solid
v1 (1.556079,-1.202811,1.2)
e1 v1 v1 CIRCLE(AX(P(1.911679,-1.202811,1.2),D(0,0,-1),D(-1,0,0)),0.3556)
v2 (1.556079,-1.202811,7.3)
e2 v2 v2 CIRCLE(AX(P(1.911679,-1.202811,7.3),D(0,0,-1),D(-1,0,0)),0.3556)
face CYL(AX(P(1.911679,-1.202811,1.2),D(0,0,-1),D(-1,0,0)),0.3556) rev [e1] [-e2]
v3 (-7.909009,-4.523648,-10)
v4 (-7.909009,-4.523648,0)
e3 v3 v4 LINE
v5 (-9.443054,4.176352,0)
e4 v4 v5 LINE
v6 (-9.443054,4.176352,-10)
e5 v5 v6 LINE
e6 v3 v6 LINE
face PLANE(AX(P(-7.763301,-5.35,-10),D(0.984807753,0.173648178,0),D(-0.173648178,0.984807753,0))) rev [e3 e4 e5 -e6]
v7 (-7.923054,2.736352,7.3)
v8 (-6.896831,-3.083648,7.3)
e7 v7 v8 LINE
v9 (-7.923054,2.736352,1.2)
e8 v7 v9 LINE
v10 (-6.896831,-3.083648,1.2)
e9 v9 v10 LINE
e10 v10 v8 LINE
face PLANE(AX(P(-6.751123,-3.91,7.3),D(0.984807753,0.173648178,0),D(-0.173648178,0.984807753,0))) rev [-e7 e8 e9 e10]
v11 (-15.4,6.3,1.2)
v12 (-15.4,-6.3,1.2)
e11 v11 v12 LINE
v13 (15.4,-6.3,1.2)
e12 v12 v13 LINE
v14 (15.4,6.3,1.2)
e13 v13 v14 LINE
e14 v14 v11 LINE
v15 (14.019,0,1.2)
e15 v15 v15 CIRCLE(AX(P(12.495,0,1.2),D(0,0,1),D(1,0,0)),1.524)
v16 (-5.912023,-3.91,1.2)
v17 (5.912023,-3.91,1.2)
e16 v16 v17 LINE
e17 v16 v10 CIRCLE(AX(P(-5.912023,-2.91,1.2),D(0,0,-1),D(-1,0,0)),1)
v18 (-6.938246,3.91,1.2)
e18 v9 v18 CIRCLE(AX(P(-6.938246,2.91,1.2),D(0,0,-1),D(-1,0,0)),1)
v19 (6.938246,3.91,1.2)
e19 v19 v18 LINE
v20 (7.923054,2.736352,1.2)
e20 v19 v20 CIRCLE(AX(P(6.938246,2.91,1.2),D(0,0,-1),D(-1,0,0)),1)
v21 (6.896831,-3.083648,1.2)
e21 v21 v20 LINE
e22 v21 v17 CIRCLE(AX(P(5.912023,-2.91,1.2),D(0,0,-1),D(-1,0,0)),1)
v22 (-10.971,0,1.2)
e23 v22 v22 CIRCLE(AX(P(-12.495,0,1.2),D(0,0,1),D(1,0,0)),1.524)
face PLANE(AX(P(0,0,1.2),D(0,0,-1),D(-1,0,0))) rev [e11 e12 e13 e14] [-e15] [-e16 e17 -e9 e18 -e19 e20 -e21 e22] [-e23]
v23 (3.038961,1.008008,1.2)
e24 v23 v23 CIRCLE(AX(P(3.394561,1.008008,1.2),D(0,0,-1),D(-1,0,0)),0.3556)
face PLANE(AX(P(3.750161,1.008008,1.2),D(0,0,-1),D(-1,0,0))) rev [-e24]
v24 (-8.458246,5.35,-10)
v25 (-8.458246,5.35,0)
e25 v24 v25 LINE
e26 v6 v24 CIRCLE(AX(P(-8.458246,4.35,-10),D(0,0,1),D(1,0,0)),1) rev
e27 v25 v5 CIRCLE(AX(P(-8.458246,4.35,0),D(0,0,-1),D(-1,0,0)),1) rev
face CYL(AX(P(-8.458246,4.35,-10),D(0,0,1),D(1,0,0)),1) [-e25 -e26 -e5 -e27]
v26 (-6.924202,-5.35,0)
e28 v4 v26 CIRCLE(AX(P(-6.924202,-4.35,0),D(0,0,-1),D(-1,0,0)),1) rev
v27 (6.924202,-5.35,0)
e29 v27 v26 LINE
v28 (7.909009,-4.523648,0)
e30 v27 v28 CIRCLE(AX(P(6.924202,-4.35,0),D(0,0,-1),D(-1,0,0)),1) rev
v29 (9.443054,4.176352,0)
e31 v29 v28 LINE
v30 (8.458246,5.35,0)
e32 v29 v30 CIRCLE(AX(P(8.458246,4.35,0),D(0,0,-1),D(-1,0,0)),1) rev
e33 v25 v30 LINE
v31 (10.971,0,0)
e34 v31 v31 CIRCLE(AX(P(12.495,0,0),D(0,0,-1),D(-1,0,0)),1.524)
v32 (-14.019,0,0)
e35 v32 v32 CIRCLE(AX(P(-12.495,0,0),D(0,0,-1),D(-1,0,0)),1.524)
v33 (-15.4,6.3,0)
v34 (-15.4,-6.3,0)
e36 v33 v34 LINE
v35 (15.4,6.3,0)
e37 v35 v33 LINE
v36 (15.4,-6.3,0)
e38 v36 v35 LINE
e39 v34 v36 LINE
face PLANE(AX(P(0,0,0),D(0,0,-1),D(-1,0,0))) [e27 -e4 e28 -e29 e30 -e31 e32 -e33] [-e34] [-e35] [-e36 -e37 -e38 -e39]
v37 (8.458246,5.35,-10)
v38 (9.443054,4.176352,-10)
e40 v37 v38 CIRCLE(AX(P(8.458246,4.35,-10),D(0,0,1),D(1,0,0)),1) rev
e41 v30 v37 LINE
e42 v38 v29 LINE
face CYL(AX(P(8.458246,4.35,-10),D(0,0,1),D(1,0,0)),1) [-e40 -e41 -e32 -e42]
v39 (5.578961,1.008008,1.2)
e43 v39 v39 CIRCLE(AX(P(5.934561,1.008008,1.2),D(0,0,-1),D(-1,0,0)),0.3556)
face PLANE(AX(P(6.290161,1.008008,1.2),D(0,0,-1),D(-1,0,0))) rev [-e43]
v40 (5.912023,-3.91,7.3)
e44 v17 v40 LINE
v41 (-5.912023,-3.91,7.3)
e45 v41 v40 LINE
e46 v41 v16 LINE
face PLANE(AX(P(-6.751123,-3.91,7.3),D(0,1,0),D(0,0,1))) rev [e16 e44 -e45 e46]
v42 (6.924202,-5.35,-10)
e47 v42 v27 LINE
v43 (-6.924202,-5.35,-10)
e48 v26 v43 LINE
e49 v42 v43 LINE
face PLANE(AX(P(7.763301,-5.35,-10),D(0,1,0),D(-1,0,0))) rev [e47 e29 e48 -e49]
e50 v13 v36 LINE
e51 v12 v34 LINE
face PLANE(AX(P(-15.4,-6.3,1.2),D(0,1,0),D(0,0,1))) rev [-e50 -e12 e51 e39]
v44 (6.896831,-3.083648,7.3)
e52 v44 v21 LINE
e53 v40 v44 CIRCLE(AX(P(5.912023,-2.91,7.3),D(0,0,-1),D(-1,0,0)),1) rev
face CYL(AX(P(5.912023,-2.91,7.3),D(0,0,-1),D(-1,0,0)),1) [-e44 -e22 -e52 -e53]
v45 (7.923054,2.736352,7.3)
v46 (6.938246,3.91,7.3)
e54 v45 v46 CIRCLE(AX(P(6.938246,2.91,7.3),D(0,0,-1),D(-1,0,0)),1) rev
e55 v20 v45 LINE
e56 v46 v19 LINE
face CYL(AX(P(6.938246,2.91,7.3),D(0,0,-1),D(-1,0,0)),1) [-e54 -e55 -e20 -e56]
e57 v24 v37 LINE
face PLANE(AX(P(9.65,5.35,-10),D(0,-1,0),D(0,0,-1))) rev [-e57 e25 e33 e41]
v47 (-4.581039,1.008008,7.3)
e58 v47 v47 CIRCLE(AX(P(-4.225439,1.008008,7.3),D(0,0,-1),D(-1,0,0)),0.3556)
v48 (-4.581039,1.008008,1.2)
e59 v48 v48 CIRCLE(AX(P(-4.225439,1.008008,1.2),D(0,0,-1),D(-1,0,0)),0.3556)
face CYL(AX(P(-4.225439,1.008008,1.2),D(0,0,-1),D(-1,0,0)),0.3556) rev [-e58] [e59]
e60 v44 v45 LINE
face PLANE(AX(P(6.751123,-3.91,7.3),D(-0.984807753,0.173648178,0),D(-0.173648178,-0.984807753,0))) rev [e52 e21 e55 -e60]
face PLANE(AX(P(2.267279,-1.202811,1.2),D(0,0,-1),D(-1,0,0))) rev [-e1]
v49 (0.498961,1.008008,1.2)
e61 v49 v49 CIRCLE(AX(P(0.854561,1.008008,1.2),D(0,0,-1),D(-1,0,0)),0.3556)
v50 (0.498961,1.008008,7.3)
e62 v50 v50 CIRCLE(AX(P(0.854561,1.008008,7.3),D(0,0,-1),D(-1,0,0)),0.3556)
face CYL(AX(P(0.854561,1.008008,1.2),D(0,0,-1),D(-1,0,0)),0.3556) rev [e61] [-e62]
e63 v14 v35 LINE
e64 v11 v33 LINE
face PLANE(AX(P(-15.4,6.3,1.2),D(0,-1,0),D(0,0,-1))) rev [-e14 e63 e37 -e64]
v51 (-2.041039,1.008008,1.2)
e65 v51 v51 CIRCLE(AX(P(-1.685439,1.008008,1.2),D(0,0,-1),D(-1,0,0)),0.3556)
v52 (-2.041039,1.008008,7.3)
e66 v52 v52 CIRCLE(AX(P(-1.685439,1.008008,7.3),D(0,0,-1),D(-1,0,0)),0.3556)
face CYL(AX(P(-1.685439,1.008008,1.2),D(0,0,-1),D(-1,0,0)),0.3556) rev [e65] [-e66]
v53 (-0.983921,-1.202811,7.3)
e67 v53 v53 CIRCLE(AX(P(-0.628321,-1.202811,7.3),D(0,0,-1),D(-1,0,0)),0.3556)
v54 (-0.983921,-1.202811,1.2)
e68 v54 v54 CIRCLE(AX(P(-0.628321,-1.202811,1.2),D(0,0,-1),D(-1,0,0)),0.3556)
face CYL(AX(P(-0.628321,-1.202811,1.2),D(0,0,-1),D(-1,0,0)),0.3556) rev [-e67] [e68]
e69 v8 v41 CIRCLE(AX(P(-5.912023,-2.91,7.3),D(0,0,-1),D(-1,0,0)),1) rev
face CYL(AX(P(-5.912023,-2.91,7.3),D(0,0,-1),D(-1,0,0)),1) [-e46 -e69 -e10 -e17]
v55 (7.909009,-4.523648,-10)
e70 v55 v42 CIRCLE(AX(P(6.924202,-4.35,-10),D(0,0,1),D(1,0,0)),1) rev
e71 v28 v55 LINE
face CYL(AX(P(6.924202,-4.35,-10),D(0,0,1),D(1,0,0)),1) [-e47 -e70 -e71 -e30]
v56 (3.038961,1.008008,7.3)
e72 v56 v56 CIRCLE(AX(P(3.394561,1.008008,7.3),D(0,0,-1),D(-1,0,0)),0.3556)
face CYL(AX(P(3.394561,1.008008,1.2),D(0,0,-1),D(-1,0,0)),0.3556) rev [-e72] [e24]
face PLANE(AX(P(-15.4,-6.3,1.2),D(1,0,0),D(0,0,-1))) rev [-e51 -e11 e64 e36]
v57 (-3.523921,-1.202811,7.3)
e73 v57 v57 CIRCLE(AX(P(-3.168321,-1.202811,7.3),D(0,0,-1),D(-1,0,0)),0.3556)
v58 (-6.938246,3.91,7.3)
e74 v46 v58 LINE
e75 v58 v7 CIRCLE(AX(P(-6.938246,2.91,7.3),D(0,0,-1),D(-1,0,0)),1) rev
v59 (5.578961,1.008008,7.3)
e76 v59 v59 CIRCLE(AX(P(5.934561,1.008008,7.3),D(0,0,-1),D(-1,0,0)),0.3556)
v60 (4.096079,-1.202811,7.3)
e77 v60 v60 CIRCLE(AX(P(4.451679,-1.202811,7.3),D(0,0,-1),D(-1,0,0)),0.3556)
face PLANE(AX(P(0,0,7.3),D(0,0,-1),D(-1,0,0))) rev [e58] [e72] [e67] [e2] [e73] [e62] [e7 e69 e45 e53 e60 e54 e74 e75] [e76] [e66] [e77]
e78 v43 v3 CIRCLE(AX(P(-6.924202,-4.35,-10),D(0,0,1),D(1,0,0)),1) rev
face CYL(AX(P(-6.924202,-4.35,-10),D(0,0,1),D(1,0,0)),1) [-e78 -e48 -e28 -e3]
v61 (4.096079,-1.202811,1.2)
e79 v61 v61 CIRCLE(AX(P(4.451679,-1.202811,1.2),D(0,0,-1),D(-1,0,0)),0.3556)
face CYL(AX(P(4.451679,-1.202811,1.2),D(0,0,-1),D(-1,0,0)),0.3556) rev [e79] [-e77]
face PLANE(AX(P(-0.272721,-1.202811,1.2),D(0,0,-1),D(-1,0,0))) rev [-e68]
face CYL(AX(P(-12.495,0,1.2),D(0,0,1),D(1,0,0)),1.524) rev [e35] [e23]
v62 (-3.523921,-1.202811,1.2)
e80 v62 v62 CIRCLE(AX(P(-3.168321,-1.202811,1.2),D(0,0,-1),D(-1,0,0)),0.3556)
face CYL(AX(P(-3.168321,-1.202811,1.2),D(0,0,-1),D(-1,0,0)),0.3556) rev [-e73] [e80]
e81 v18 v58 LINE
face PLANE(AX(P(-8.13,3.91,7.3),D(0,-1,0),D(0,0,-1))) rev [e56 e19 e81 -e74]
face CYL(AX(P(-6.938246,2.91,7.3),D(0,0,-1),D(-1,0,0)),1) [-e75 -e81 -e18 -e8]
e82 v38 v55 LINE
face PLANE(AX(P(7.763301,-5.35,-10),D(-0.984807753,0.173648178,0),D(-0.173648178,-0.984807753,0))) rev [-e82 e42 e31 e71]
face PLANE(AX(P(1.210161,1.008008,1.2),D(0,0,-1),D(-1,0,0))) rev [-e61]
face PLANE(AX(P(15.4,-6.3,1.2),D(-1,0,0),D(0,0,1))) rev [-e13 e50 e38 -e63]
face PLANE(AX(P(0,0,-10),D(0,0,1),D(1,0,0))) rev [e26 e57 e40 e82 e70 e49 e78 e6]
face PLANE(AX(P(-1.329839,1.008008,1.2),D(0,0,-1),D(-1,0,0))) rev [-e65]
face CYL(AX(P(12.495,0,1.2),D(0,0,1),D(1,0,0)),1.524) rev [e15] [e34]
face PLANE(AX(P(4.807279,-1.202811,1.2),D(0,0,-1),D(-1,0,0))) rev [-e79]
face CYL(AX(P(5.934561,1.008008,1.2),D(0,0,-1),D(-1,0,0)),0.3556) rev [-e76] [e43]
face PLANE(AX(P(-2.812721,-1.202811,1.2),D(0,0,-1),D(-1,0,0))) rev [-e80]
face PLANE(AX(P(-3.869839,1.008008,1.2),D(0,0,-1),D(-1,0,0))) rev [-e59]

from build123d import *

# Parameters (mm, degrees)
SKETCH_1_W             = 30.8
SKETCH_1_H             = 12.6
EXTRUDE_1_DEPTH        = 1.2
EXTRUDE_2_DEPTH        = 6.1
EXTRUDE_3_DEPTH        = 10
SKETCH_5_W             = 0.3556
SKETCH_5_H             = 6.1
SKETCH_6_W             = 0.3556
SKETCH_6_H             = 6.1
PATTERN_LINEAR_1_COUNT = 5
PATTERN_LINEAR_1_PITCH = 2.54
PATTERN_LINEAR_2_COUNT = 4
PATTERN_LINEAR_2_PITCH = 2.54
HOLE_WIZARD_3_2_D      = 3.048
FILLET_1_R             = 1


with BuildPart() as part:
    # ｽｹｯﾁ1 → ﾎﾞｽ - 押し出し1 (new body)
    with BuildSketch(Plane.XY):
        Rectangle(SKETCH_1_W, SKETCH_1_H)
    extrude(amount=EXTRUDE_1_DEPTH)

    # ｽｹｯﾁ2 → ﾎﾞｽ - 押し出し2 (add)
    with BuildSketch(Plane.XY.offset(1.2)):
        Polygon((-6.751123011, -3.91), (6.751123011, -3.91), (8.13, 3.91), (-8.13, 3.91), align=None)
    extrude(amount=EXTRUDE_2_DEPTH)

    # ｽｹｯﾁ3 → ﾎﾞｽ - 押し出し3 (add)
    with BuildSketch(Plane(origin=(0, 0, 0), x_dir=(-1, 0, 0), z_dir=(0, 0, -1))):
        Polygon((-7.763301306, -5.35), (7.763301306, -5.35), (9.65, 5.35), (-9.65, 5.35), align=None)
    extrude(amount=EXTRUDE_3_DEPTH)

    # ｽｹｯﾁ5 → #0000 すきま穴1 (revolve, cut)
    with BuildSketch(Plane(origin=(-4.225439316, 1.008007938, 1.2), x_dir=(0, 1, 0), z_dir=(1, 0, 0))):
        with Locations((0.1778, 3.05)):
            Rectangle(SKETCH_5_W, SKETCH_5_H)
    hole_wizard_0000_1 = revolve(axis=Axis((-4.225439316, 1.008007938, -5.15), (0, 0, 1)), mode=Mode.SUBTRACT)

    # ｽｹｯﾁ6 → #0000 すきま穴2 (revolve, cut)
    with BuildSketch(Plane(origin=(-3.168321124, -1.202810505, 1.2), x_dir=(0, 1, 0), z_dir=(1, 0, 0))):
        with Locations((0.1778, 3.05)):
            Rectangle(SKETCH_6_W, SKETCH_6_H)
    hole_wizard_0000_2 = revolve(axis=Axis((-3.168321124, -1.202810505, -5.15), (0, 0, 1)), mode=Mode.SUBTRACT)

    # 直線ﾊﾟﾀｰﾝ1: #0000 すきま穴1 ×5
    with Locations(*[(i * PATTERN_LINEAR_1_PITCH, 0, 0) for i in range(1, PATTERN_LINEAR_1_COUNT)]):
        add(hole_wizard_0000_1, mode=Mode.SUBTRACT)

    # 直線ﾊﾟﾀｰﾝ2: #0000 すきま穴2 ×4
    with Locations(*[(i * PATTERN_LINEAR_2_PITCH, 0, 0) for i in range(1, PATTERN_LINEAR_2_COUNT)]):
        add(hole_wizard_0000_2, mode=Mode.SUBTRACT)

    # #3 すきま穴2 (through all)
    with Locations(Plane(origin=(-12.495, 0, 1.2), x_dir=(1, 0, 0), z_dir=(0, 0, 1))):
        with Locations((0, 0), (24.99, 0)):
            Hole(HOLE_WIZARD_3_2_D / 2)

    # ﾌｨﾚｯﾄ1
    fillet_1_edges = [part.edges().sort_by_distance(p)[0] for p in [
        (6.751123011, -3.91, 4.25),
        (8.13, 3.91, 4.25),
        (-8.13, 3.91, 4.25),
        (-6.751123011, -3.91, 4.25),
        (-7.763301306, -5.35, -5),
        (-9.65, 5.35, -5),
        (9.65, 5.35, -5),
        (7.763301306, -5.35, -5),
    ]]
    fillet(fillet_1_edges, radius=FILLET_1_R)


solid = part.part
